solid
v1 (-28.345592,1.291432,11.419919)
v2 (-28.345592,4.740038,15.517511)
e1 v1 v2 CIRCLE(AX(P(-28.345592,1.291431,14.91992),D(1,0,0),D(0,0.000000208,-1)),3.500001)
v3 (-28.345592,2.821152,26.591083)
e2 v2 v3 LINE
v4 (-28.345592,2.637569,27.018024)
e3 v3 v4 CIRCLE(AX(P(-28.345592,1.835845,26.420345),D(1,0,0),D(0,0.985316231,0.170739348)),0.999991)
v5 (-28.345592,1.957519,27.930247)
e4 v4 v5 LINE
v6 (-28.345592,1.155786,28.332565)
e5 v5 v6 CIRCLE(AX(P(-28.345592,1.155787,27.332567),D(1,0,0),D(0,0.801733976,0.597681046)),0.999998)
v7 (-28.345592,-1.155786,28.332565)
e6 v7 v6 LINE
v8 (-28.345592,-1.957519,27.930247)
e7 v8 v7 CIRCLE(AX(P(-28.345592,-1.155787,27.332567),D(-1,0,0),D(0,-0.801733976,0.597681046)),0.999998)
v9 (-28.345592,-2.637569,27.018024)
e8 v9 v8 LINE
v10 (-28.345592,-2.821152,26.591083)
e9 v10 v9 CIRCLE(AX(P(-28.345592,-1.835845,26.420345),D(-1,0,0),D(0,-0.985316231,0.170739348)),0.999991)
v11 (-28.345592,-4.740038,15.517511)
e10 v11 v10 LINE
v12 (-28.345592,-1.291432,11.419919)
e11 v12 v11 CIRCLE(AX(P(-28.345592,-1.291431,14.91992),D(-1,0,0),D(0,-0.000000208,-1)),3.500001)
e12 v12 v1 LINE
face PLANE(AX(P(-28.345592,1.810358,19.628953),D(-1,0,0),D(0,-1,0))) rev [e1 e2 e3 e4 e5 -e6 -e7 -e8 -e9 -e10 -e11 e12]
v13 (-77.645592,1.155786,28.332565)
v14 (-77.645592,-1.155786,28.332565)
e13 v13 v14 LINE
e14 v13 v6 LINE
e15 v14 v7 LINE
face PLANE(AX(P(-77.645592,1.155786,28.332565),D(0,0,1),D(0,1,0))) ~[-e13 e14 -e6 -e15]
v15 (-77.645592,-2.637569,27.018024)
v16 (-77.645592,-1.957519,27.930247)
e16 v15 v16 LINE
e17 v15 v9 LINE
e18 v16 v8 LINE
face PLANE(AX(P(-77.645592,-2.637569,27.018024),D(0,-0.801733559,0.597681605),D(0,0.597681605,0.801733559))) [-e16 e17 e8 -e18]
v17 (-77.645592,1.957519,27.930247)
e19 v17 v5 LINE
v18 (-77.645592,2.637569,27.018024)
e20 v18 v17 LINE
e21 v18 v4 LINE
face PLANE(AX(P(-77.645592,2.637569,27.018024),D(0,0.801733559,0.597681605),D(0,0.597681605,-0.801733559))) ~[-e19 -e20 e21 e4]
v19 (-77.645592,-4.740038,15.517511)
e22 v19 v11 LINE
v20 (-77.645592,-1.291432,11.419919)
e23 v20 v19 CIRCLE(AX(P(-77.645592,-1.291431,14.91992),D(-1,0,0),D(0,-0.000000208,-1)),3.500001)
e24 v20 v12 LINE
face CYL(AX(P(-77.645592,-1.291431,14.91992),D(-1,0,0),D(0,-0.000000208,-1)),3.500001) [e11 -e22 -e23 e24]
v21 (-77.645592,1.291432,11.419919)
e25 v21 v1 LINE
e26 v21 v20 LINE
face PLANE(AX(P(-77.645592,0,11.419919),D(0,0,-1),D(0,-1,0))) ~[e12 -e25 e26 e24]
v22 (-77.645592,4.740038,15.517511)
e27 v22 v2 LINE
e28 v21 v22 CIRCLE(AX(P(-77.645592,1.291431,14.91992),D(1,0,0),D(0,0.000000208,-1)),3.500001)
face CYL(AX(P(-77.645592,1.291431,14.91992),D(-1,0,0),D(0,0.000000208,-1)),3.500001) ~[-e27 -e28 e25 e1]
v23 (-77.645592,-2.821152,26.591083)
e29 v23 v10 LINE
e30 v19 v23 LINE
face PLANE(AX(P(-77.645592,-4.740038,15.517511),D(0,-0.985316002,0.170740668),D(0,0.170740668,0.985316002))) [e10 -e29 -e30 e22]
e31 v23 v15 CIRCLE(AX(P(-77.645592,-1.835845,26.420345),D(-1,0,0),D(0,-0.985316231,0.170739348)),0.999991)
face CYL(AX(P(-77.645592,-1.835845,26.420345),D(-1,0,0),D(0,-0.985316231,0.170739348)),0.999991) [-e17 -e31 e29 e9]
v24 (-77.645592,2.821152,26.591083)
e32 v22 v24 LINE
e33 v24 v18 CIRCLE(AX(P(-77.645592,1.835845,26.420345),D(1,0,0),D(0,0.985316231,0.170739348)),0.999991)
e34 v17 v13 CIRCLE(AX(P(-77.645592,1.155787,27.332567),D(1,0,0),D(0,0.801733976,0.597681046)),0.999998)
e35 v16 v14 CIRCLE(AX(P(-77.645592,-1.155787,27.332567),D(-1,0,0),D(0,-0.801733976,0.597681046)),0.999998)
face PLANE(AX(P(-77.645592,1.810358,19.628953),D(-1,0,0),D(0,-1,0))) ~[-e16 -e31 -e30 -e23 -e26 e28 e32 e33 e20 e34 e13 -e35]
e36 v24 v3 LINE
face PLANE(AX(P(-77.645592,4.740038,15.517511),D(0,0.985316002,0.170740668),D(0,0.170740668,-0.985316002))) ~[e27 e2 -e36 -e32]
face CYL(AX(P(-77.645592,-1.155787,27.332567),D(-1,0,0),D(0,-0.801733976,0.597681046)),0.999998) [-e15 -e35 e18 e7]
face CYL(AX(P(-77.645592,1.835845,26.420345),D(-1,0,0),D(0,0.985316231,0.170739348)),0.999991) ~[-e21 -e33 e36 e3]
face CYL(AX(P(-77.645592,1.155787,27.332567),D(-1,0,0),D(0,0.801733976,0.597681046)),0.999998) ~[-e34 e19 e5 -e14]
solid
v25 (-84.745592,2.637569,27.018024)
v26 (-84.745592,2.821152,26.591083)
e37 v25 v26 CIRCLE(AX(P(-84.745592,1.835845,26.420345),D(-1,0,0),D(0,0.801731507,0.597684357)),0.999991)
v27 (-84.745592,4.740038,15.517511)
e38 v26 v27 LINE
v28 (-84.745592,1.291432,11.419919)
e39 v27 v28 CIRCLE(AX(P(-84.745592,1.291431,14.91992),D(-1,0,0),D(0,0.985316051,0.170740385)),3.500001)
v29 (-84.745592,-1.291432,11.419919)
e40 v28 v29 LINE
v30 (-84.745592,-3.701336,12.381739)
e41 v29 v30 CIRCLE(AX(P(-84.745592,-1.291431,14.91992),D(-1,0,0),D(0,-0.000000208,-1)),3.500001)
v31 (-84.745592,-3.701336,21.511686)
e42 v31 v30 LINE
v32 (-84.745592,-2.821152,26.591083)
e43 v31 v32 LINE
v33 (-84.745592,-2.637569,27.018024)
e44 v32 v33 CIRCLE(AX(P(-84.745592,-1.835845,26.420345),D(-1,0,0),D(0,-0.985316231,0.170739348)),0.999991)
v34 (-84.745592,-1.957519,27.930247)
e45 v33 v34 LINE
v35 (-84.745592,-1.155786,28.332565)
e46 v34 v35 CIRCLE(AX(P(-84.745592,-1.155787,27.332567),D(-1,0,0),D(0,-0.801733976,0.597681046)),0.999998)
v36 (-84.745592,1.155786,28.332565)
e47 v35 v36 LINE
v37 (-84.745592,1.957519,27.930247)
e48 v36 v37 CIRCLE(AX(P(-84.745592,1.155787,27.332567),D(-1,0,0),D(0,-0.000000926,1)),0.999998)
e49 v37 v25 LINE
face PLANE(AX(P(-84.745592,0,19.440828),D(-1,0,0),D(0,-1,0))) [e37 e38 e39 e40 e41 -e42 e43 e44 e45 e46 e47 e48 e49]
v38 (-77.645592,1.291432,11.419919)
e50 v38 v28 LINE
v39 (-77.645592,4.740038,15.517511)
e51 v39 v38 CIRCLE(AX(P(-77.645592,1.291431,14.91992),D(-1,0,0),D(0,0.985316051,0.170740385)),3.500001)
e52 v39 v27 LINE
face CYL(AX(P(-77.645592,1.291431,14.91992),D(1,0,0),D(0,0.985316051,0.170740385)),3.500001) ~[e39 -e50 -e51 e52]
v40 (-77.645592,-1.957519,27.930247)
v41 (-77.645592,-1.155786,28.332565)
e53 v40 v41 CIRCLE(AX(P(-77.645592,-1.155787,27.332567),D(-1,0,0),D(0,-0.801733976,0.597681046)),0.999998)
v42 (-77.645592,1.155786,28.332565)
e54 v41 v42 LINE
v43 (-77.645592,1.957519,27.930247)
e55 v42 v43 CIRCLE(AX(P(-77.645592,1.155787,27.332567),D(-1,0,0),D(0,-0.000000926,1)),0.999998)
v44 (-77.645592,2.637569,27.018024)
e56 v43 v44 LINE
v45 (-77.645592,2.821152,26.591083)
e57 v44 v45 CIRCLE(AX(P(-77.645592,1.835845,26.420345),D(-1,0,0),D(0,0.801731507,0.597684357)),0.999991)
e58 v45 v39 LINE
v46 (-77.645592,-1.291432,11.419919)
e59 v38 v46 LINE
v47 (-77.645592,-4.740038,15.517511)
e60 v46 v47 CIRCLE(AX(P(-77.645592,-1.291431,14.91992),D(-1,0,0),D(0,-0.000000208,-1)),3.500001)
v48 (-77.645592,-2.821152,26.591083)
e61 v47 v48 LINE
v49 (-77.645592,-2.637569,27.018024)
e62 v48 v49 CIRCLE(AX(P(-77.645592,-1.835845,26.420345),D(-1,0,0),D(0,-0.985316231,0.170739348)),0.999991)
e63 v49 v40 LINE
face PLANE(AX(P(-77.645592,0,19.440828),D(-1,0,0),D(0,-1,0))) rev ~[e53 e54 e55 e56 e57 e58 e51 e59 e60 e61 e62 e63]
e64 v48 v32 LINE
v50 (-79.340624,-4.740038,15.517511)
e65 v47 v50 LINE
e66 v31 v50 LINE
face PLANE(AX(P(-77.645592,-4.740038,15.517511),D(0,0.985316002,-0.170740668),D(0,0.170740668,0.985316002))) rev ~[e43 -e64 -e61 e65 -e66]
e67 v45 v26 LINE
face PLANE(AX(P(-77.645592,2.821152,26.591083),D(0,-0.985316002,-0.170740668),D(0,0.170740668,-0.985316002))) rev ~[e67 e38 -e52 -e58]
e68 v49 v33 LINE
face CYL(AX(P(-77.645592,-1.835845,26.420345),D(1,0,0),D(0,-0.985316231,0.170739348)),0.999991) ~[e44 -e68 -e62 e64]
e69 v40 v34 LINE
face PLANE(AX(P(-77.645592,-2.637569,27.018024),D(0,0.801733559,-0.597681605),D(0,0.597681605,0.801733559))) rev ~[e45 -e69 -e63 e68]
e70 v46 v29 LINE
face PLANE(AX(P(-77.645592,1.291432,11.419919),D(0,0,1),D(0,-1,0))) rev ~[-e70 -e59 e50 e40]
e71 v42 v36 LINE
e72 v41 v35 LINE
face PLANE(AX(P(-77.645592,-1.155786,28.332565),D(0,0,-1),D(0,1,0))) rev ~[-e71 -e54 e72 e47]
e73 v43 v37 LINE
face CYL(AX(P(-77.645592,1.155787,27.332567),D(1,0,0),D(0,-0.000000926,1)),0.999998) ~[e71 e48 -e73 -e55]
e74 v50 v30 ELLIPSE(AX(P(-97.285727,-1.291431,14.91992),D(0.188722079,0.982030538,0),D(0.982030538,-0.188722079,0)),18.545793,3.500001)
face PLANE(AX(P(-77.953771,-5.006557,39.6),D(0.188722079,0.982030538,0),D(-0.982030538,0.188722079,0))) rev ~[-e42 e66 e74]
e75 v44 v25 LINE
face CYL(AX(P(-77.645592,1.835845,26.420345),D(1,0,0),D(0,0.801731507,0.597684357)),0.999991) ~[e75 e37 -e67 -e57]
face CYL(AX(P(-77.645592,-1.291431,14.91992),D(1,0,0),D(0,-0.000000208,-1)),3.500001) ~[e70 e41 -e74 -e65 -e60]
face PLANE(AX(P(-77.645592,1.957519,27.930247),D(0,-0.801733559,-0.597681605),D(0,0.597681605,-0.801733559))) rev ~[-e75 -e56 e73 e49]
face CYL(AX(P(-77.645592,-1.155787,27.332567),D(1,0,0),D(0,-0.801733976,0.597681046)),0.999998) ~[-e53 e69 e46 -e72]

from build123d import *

# Parameters (mm, degrees)
F3_DEPTH = 49.3
F5_DEPTH = 7.1
F8_DEPTH = 32.13


with BuildPart() as f3:
    # F2 (on face) → F3 (new body)
    with BuildSketch(Plane(origin=(-77.645592, 0, 0), x_dir=(0, -1, 0), z_dir=(-1, 0, 0))):
        with BuildLine():
            Line((1.155786, 28.332565), (0, 28.332565))
            Line((0, 28.332565), (0, 11.419919))
            Line((0, 11.419919), (1.291432, 11.419919))
            ThreePointArc((1.291432, 11.419919), (3.969264, 12.666208), (4.740038, 15.517511))
            Line((4.740038, 15.517511), (2.821152, 26.591083))
            ThreePointArc((2.821152, 26.591083), (2.754507, 26.815366), (2.637569, 27.018024))
            Line((2.637569, 27.018024), (1.957519, 27.930247))
            ThreePointArc((1.957519, 27.930247), (1.604294, 28.226344), (1.155786, 28.332565))
        make_face()
    extrude(amount=-F3_DEPTH)

    # F4: F3 across face


with BuildPart() as f3_1:
    add(f3.part)
    add(f3.part.mirror(Plane(origin=(-52.995592, 0, 19.876242), x_dir=(-1, 0, 0), z_dir=(0, 1, 0))))


with BuildPart() as f5:
    # F4_face (on face) → F5 (new body)
    with BuildSketch(Plane(origin=(-77.645592, 0, 19.141261), x_dir=(0, -1, 0), z_dir=(-1, 0, 0))):
        with BuildLine():
            ThreePointArc((1.957519, 8.788986), (1.604294, 9.085083), (1.155786, 9.191304))
            Line((1.155786, 9.191304), (-1.155786, 9.191304))
            ThreePointArc((-1.155786, 9.191304), (-1.604294, 9.085083), (-1.957519, 8.788986))
            Line((-1.957519, 8.788986), (-2.637569, 7.876763))
            ThreePointArc((-2.637569, 7.876763), (-2.754507, 7.674105), (-2.821152, 7.449822))
            Line((-2.821152, 7.449822), (-4.740038, -3.62375))
            ThreePointArc((-4.740038, -3.62375), (-3.969264, -6.475053), (-1.291432, -7.721342))
            Line((-1.291432, -7.721342), (1.291432, -7.721342))
            ThreePointArc((1.291432, -7.721342), (3.969264, -6.475053), (4.740038, -3.62375))
            Line((4.740038, -3.62375), (2.821152, 7.449822))
            ThreePointArc((2.821152, 7.449822), (2.754507, 7.674105), (2.637569, 7.876763))
            Line((2.637569, 7.876763), (1.957519, 8.788986))
        make_face()
    extrude(amount=F5_DEPTH)

    # F7 (on offset) → F8 (cut)
    with BuildSketch(Plane.XY.offset(39.6)):
        Polygon((-77.953771, -5.006557), (-85.29786, -3.595204), (-88.283174, -6.052011), (-83.669513, -8.151725), (-78.498788, -8.394549), align=None)
    extrude(amount=-F8_DEPTH, mode=Mode.SUBTRACT)


solid = Compound([f3_1.part, f5.part])
